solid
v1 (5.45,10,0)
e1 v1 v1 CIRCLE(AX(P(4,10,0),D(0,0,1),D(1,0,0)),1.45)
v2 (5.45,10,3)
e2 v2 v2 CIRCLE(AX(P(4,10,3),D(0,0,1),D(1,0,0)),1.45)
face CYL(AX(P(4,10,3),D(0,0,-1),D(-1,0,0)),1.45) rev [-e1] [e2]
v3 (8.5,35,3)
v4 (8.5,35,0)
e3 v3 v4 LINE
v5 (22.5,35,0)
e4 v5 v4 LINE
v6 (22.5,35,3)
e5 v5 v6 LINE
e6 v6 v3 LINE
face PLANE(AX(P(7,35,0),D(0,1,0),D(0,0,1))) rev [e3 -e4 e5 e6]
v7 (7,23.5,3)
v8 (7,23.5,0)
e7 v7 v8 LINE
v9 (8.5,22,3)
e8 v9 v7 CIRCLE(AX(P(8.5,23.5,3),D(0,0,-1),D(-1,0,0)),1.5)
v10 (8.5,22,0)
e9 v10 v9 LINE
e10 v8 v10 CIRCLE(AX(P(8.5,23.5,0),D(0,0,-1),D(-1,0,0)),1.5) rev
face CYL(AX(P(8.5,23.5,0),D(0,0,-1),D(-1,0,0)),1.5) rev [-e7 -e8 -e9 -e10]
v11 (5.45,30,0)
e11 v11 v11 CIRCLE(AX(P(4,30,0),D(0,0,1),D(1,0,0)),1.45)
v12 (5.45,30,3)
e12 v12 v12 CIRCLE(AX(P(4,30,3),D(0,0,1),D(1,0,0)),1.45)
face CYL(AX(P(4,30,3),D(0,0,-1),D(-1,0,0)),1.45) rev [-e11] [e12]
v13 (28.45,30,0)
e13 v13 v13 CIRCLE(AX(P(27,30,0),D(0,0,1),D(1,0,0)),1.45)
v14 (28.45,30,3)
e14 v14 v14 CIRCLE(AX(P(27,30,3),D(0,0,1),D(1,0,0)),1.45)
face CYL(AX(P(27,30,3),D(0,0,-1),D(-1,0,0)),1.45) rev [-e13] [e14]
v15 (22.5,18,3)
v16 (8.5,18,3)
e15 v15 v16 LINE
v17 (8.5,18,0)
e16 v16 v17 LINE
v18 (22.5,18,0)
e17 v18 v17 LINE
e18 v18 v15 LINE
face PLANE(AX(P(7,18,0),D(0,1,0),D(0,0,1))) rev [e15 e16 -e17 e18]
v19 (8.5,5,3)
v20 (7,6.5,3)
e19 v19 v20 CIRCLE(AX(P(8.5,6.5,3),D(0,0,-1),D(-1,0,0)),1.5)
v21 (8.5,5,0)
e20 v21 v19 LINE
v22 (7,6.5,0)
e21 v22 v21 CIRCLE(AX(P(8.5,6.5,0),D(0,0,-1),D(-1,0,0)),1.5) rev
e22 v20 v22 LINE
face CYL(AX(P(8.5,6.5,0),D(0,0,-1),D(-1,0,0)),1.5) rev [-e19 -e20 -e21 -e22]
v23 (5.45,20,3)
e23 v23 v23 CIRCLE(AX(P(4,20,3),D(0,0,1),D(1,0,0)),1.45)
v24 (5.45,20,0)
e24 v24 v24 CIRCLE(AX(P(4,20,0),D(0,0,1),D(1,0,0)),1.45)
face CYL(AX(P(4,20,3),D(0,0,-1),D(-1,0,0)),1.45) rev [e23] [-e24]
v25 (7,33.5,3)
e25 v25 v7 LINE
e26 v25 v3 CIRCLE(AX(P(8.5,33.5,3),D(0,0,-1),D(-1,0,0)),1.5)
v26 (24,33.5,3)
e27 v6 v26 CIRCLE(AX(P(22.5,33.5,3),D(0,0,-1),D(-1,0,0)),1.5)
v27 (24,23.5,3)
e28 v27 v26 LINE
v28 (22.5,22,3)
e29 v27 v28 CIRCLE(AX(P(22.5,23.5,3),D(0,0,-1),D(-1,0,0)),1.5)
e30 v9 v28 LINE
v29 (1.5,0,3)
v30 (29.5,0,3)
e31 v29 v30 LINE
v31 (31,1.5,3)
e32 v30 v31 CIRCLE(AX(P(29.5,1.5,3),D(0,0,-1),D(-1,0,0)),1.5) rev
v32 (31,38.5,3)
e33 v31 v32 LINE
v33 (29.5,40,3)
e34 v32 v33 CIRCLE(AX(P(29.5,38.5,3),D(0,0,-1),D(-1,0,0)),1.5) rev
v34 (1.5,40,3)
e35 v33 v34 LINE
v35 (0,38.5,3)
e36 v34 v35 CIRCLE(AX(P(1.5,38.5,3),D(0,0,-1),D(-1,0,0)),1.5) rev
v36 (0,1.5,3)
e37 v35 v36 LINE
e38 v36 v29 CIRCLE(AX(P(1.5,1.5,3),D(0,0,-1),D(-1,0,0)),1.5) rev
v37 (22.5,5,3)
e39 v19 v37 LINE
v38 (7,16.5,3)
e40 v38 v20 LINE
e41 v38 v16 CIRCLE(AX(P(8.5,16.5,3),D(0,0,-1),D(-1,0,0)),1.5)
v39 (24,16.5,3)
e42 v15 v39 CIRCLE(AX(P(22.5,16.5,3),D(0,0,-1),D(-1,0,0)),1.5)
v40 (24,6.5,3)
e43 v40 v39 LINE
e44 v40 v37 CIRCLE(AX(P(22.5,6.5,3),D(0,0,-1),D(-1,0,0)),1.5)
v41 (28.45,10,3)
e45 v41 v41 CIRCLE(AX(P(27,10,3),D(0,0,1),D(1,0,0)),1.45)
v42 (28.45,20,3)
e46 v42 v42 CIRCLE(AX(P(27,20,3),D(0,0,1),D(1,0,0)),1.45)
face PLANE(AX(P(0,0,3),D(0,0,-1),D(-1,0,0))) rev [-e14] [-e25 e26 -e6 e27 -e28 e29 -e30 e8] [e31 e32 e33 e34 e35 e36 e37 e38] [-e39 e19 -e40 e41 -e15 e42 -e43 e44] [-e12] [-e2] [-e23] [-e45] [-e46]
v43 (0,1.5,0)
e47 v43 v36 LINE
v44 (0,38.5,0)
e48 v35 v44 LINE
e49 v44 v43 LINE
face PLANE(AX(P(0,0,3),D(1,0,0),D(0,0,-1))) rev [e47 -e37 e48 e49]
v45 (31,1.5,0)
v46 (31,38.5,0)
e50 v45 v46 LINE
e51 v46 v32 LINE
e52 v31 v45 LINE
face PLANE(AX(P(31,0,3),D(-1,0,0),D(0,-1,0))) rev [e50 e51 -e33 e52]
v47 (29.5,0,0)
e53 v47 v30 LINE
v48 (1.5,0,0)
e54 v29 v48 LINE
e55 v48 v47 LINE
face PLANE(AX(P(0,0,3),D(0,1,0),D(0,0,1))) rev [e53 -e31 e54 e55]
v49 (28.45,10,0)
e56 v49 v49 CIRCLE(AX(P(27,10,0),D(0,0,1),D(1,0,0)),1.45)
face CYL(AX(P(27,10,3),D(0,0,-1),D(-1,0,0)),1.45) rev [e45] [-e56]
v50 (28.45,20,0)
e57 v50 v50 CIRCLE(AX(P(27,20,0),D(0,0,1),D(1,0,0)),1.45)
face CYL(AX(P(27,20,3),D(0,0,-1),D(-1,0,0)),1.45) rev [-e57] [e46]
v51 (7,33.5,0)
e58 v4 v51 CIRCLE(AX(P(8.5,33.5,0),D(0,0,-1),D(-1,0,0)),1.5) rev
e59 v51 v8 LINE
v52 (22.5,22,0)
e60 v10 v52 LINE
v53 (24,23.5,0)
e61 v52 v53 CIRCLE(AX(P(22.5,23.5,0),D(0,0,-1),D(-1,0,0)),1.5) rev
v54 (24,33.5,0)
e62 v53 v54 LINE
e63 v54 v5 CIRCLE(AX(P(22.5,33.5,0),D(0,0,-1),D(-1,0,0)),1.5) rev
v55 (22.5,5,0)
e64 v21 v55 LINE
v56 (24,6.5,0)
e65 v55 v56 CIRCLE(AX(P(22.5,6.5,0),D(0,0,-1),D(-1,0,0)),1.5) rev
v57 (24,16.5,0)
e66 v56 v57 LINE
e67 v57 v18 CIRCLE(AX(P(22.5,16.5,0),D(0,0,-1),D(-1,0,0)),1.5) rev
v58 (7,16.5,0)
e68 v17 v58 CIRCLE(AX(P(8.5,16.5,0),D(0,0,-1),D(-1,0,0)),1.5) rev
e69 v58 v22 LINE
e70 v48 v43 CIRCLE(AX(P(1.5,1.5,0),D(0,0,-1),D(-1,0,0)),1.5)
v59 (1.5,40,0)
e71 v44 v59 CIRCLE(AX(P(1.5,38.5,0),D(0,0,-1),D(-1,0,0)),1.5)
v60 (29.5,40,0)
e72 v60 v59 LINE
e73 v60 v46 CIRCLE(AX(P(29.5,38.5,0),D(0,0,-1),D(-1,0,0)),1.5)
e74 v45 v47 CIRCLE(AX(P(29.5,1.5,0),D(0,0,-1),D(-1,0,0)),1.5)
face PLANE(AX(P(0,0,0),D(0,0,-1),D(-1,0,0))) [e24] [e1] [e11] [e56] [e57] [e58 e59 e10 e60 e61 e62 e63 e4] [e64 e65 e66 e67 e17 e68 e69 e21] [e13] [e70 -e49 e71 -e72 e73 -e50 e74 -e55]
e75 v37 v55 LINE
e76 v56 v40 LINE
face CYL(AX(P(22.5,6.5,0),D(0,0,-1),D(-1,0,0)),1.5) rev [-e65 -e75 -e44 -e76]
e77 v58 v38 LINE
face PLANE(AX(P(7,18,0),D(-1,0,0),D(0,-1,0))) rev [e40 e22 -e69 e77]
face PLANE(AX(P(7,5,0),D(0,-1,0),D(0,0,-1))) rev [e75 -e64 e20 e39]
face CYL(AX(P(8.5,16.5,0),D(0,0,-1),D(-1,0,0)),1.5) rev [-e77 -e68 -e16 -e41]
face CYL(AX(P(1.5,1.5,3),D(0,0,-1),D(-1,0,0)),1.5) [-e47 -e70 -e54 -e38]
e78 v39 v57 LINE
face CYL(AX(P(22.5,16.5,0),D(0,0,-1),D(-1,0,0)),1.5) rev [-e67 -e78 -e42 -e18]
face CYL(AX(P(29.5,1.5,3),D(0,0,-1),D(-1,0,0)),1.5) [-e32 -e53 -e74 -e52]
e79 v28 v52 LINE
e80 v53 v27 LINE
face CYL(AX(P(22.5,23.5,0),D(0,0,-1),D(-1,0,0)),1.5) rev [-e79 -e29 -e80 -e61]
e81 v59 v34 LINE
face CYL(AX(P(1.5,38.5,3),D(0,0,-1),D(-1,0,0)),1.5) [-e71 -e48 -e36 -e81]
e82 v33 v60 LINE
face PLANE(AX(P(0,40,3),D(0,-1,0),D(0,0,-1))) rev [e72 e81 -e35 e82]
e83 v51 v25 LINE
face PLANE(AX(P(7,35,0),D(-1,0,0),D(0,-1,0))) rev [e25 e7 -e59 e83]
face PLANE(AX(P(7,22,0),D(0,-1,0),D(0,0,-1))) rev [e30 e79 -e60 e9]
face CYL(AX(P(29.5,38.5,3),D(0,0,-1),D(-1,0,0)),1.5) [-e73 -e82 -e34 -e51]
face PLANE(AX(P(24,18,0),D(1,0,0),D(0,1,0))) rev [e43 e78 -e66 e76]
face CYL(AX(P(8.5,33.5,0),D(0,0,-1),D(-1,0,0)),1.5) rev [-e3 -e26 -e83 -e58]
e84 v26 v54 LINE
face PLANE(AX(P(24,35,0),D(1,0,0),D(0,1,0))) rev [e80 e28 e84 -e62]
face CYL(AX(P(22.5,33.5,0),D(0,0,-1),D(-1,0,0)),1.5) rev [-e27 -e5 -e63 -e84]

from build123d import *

# Parameters (mm, degrees)
SKETCH_1_W          = 31
SKETCH_1_H          = 40
SKETCH_1_R          = 1.45
EXTRUDE_1_DEPTH     = 3
SKETCH_2_W          = 17
SKETCH_2_H          = 13
CUT_EXTRUDE_1_DEPTH = 3
FILLET_1_R          = 1.5


with BuildPart() as part:
    # 草图1 → 凸台-拉伸1 (new body)
    with BuildSketch(Plane.XY):
        with Locations((15.5, 20)):
            Rectangle(SKETCH_1_W, SKETCH_1_H)
        with Locations((4, 30)):
            Circle(SKETCH_1_R, mode=Mode.SUBTRACT)
        with Locations((4, 20)):
            Circle(SKETCH_1_R, mode=Mode.SUBTRACT)
        with Locations((4, 10)):
            Circle(SKETCH_1_R, mode=Mode.SUBTRACT)
        with Locations((27, 30)):
            Circle(SKETCH_1_R, mode=Mode.SUBTRACT)
        with Locations((27, 20)):
            Circle(SKETCH_1_R, mode=Mode.SUBTRACT)
        with Locations((27, 10)):
            Circle(SKETCH_1_R, mode=Mode.SUBTRACT)
    extrude(amount=EXTRUDE_1_DEPTH)

    # 草图2 → 切除-拉伸1 (cut)
    with BuildSketch(Plane.XY.offset(3)):
        with Locations((15.5, 28.5)):
            Rectangle(SKETCH_2_W, SKETCH_2_H)
        with Locations((15.5, 11.5)):
            Rectangle(SKETCH_2_W, SKETCH_2_H)
    extrude(amount=-CUT_EXTRUDE_1_DEPTH, mode=Mode.SUBTRACT)

    # 圆角1
    fillet_1_edges = [part.edges().sort_by_distance(p)[0] for p in [
        (7, 22, 1.5),
        (7, 35, 1.5),
        (24, 35, 1.5),
        (24, 22, 1.5),
        (7, 5, 1.5),
        (7, 18, 1.5),
        (24, 18, 1.5),
        (24, 5, 1.5),
        (0, 40, 1.5),
        (31, 40, 1.5),
        (31, 0, 1.5),
        (0, 0, 1.5),
    ]]
    fillet(fillet_1_edges, radius=FILLET_1_R)


solid = part.part
